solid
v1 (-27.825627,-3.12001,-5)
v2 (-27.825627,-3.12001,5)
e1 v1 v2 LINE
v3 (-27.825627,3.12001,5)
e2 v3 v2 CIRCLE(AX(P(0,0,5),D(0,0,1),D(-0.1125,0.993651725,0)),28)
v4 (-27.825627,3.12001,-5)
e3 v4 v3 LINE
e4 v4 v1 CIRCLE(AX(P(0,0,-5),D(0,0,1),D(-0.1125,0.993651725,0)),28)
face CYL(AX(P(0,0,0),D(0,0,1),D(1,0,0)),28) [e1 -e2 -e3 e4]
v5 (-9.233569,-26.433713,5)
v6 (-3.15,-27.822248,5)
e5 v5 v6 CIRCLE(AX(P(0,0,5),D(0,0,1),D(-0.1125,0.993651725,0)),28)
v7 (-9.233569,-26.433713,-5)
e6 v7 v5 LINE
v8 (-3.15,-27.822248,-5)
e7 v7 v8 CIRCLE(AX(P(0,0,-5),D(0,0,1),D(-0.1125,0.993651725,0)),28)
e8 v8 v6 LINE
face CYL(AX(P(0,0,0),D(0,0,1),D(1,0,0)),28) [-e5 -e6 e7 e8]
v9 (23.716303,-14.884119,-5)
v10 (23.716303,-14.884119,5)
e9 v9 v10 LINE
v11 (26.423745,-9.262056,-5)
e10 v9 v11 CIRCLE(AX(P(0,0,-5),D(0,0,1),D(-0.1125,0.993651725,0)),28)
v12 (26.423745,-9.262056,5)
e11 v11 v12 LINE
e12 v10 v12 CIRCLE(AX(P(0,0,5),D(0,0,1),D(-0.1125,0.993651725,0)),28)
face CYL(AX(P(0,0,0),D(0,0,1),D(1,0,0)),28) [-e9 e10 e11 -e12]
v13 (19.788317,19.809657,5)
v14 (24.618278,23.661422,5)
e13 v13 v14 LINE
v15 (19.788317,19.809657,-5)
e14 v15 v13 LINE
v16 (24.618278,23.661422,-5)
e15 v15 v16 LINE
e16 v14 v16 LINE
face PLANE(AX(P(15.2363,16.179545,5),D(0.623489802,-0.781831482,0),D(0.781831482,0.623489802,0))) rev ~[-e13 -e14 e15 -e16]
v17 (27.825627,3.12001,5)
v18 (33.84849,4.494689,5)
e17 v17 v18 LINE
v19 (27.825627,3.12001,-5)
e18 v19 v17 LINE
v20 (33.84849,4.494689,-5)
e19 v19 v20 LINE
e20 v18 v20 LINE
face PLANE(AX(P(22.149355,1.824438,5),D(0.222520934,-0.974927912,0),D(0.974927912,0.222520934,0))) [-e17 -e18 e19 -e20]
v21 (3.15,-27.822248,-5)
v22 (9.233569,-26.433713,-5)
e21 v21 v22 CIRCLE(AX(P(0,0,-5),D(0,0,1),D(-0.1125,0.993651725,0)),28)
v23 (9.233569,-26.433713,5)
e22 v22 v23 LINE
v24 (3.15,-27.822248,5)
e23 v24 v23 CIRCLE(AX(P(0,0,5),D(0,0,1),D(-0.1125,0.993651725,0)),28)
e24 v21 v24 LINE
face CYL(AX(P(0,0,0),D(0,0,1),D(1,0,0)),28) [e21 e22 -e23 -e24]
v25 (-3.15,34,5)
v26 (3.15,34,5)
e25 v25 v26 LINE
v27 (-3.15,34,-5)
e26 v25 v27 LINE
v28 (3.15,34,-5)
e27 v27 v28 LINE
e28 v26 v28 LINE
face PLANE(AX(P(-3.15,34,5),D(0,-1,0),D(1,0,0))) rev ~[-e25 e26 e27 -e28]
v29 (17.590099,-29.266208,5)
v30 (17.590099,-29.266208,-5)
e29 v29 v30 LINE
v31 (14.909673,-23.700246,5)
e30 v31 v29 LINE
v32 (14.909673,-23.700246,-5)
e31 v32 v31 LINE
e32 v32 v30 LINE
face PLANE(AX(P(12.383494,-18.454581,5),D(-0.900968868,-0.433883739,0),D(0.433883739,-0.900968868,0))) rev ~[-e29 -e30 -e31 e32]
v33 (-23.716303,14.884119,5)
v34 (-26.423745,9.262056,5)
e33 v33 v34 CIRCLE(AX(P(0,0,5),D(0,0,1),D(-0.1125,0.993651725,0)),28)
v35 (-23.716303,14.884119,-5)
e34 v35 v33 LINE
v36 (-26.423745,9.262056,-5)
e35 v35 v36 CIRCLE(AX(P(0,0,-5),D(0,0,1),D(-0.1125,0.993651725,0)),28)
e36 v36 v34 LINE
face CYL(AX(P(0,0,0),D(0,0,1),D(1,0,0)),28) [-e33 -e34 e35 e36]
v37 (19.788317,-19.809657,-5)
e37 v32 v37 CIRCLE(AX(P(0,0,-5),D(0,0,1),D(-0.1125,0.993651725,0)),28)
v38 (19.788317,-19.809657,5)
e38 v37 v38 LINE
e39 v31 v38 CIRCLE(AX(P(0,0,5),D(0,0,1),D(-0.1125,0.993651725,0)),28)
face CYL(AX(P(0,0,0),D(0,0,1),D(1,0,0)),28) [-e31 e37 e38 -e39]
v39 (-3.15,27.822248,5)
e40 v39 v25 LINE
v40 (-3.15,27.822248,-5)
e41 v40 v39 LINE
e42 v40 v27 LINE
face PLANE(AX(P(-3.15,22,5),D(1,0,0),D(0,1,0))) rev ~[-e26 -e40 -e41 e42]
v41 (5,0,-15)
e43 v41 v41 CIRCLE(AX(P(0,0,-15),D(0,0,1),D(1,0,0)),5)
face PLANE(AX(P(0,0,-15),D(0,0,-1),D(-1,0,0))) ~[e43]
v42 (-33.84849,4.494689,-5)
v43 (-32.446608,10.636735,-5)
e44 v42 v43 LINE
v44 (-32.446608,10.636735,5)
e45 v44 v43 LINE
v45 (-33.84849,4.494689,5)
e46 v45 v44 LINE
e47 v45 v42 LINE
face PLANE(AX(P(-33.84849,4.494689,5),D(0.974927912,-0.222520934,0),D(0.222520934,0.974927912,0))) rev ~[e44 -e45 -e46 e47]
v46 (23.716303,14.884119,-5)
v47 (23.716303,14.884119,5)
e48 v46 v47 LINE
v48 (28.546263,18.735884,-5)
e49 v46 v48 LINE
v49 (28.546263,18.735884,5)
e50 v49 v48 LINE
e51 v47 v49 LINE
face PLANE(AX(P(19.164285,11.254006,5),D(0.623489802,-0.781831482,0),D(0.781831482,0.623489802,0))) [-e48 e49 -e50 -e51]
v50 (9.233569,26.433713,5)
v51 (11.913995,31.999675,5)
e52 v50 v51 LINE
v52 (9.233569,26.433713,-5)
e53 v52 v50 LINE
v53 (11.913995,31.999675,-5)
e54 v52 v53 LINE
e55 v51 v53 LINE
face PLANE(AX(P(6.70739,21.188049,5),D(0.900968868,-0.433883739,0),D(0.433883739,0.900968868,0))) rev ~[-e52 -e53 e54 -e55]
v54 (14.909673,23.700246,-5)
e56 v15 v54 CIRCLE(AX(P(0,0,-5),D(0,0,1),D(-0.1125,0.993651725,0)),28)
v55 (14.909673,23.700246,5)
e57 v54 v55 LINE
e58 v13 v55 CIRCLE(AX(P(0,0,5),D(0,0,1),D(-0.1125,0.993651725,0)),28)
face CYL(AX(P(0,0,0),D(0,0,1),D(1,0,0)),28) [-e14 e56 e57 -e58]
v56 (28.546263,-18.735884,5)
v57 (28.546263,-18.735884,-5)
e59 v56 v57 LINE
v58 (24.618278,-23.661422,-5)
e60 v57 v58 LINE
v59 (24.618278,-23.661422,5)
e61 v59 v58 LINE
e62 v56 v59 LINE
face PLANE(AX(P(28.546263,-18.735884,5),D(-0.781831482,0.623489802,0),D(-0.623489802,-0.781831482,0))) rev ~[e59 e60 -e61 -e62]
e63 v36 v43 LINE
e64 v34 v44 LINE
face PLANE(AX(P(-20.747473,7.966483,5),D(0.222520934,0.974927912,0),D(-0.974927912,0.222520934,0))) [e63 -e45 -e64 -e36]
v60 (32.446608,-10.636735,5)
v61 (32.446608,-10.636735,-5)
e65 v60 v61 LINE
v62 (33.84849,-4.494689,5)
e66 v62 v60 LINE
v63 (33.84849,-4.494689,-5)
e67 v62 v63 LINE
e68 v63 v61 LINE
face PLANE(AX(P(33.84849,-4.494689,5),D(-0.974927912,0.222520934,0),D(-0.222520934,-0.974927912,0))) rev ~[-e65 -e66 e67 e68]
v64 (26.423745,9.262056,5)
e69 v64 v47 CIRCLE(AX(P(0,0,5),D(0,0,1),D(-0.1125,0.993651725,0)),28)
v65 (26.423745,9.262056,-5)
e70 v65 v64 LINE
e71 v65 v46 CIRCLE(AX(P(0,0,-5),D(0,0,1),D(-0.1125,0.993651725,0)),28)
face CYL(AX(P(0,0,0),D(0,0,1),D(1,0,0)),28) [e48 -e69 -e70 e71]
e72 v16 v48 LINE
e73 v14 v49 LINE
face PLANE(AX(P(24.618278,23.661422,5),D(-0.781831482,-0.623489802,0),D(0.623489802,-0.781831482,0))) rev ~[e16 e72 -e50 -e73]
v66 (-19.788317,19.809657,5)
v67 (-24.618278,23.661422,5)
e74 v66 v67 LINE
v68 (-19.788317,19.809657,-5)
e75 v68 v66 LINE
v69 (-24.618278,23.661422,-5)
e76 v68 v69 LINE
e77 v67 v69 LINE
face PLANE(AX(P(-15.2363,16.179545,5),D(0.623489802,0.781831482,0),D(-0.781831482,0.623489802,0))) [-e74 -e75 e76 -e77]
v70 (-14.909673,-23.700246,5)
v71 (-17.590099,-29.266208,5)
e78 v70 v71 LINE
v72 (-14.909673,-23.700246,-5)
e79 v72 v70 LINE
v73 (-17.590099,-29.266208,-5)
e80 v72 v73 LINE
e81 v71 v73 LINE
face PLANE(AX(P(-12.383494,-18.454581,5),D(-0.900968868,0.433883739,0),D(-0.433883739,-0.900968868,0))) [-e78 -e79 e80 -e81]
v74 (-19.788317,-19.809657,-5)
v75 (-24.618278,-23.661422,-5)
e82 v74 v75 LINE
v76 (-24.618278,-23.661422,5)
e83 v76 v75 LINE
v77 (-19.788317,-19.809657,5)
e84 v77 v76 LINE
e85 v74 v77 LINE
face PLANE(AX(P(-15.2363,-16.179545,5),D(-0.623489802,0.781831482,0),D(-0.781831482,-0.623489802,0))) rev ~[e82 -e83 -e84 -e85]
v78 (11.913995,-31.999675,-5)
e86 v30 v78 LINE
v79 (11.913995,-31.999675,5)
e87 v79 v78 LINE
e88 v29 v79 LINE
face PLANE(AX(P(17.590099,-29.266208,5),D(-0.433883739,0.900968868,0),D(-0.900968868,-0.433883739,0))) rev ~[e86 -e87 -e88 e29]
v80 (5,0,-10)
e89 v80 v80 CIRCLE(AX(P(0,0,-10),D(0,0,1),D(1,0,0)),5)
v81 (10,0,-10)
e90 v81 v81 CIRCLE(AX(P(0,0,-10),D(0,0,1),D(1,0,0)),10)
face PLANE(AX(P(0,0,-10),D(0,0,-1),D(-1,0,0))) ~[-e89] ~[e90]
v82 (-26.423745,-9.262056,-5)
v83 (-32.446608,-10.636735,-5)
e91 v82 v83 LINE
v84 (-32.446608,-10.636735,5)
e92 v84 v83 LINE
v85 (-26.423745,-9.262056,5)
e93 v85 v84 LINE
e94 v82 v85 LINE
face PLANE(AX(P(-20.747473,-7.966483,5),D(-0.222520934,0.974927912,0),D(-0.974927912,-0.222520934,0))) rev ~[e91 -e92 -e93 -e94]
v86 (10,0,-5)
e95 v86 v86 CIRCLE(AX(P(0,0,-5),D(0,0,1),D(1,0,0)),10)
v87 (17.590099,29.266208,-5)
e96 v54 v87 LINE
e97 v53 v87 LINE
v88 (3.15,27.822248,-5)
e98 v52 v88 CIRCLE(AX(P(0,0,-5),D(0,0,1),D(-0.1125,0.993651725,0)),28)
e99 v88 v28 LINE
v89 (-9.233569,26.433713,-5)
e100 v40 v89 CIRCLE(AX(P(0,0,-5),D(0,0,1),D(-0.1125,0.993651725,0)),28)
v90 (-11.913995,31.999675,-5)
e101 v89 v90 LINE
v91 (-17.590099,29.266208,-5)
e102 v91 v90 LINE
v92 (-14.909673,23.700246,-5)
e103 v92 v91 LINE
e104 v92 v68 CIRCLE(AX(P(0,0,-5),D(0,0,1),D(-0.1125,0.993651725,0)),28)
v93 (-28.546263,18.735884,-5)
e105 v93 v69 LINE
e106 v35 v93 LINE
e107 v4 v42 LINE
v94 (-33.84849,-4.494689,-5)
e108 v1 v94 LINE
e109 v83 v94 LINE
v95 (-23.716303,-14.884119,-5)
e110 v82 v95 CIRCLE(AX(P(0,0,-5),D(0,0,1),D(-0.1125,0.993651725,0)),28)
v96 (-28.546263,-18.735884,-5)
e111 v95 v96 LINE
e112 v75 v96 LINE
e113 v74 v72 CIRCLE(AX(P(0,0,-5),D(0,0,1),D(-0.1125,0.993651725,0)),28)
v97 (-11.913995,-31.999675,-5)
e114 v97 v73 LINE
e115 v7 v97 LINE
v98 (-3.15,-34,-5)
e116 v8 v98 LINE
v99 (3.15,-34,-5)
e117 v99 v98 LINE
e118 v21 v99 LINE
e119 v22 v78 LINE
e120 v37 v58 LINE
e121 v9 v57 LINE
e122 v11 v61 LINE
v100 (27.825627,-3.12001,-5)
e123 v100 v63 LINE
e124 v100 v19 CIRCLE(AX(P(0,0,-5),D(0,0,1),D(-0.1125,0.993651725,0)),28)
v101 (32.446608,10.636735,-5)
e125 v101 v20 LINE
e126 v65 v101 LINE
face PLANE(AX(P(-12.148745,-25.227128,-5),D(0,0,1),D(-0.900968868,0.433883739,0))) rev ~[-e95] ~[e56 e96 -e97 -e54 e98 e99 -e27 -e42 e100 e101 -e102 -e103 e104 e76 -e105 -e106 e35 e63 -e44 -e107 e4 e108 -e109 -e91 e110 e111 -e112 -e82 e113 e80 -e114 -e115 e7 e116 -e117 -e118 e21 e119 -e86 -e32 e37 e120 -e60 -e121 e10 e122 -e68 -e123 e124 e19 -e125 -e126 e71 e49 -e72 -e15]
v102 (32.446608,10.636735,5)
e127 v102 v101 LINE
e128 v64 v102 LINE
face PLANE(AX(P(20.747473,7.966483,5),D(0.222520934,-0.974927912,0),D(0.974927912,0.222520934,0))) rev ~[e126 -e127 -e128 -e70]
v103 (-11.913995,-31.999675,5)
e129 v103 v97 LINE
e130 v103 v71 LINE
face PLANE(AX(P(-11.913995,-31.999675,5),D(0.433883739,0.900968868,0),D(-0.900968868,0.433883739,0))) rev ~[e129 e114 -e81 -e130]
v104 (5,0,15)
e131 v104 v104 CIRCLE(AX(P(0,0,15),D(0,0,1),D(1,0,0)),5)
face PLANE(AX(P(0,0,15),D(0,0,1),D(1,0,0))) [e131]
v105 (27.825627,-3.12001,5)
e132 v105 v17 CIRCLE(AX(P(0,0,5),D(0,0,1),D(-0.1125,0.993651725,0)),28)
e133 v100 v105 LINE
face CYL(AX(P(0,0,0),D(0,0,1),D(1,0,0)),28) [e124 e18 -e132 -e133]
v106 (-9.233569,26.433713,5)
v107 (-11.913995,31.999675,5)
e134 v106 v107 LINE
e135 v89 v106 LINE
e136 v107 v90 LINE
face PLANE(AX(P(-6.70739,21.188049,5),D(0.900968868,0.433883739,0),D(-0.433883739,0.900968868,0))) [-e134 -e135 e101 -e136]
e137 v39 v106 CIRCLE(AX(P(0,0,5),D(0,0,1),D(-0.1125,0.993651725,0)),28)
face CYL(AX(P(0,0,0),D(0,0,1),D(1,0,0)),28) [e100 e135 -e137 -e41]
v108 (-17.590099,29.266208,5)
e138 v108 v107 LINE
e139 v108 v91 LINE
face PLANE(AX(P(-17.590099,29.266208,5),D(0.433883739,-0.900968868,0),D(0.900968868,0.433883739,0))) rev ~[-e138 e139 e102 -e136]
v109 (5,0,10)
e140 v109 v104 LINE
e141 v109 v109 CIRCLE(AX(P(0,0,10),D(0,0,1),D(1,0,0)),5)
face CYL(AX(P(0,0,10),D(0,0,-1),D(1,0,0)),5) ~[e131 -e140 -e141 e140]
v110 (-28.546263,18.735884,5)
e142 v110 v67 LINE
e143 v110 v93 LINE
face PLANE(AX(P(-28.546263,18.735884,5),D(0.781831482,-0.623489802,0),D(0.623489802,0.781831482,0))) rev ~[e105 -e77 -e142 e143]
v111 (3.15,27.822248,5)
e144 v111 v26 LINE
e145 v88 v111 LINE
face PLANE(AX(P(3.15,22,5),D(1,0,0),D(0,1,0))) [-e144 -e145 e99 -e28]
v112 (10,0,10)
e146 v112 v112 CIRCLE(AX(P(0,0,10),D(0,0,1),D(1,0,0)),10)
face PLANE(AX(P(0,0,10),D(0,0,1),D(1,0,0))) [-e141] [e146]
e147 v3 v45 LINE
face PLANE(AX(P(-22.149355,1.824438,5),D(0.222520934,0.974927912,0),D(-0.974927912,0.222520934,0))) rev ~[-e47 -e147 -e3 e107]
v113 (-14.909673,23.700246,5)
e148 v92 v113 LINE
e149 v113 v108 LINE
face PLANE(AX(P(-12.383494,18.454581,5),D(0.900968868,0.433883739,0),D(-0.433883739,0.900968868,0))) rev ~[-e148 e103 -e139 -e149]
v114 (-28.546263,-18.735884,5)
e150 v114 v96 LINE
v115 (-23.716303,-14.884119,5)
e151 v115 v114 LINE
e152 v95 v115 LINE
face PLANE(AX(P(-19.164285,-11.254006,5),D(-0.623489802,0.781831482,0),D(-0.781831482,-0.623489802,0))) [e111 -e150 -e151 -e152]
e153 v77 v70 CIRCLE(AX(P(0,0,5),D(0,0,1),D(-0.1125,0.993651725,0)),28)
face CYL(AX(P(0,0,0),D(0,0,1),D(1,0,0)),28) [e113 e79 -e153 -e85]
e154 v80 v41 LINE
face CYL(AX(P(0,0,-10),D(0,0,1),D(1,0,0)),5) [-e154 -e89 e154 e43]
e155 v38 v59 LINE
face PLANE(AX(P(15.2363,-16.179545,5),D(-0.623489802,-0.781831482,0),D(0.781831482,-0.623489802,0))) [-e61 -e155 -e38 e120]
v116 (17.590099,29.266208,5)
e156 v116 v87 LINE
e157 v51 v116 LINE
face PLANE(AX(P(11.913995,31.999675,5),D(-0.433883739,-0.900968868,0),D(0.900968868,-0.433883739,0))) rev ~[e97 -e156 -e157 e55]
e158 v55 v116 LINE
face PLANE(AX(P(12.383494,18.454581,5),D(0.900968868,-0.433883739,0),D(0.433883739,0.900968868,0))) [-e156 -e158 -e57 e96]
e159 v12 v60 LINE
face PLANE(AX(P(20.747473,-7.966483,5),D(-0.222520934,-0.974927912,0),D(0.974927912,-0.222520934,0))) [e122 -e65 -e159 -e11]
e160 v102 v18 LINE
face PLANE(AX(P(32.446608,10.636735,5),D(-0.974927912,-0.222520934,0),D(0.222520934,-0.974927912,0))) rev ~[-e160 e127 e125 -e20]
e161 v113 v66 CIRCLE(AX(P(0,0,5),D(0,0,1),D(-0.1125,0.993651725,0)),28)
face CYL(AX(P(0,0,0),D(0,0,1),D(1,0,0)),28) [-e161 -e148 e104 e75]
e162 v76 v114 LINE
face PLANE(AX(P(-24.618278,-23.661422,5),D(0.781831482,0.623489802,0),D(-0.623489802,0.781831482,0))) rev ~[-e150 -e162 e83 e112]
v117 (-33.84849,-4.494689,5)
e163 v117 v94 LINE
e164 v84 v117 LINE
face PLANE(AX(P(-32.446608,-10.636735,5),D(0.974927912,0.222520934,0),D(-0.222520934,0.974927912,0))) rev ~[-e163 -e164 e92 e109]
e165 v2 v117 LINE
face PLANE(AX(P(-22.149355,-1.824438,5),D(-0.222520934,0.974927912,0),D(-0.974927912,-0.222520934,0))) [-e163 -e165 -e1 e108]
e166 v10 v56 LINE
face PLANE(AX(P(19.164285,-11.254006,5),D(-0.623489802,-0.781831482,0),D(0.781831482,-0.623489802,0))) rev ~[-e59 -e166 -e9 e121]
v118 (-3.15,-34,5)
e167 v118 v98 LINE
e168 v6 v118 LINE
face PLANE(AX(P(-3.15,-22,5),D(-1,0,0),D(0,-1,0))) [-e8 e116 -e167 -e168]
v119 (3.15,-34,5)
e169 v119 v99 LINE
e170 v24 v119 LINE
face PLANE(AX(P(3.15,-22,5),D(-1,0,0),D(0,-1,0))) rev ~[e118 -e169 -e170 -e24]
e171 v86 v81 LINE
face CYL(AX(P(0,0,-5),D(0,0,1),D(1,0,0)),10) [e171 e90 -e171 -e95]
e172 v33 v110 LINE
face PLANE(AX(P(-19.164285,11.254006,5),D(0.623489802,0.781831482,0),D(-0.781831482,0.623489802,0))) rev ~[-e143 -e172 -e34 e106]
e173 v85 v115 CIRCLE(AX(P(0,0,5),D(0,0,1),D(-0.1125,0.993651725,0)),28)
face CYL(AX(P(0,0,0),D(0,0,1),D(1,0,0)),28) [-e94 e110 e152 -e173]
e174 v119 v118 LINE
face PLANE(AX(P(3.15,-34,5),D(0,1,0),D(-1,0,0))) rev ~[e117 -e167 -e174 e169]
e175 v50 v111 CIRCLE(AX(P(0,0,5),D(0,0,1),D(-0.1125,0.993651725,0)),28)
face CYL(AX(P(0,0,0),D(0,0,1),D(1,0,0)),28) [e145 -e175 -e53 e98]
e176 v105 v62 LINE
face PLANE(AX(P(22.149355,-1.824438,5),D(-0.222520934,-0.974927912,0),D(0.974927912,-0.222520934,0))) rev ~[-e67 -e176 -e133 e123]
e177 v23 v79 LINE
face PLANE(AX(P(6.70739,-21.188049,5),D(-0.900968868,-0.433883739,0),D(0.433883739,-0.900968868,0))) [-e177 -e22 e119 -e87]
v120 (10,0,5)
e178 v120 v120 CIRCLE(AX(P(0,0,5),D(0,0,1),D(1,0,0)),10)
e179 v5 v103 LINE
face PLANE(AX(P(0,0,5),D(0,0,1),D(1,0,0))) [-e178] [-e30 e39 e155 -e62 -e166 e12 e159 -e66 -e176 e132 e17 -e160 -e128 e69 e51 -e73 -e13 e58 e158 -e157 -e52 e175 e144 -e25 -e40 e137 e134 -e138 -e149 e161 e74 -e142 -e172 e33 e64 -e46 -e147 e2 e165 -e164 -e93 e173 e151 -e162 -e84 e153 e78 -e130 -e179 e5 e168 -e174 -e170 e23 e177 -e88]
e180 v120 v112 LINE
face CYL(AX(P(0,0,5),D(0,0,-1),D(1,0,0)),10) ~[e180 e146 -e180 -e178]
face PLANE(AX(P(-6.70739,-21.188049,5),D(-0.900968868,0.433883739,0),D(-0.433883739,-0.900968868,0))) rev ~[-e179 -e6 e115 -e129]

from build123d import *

# Parameters (mm, degrees)
SKETCH2_R           = 28
BOSS_EXTRUDE1_DEPTH = 5
SKETCH5_W           = 6.3
SKETCH5_H           = 12
BOSS_EXTRUDE2_DEPTH = 10
CIRPATTERN1_COUNT   = 14
SKETCH6_R           = 10
BOSS_EXTRUDE3_DEPTH = 5
SKETCH7_R           = 5
BOSS_EXTRUDE4_DEPTH = 5


with BuildPart() as part:
    # Sketch2 → Boss-Extrude1 (new, symmetric)
    with BuildSketch(Plane.XY):
        Circle(SKETCH2_R)
    extrude(amount=BOSS_EXTRUDE1_DEPTH, both=True)

    # Sketch5 → Boss-Extrude2 (add)
    with BuildSketch(Plane.XY.offset(5)):
        with Locations((0, 28)):
            Rectangle(SKETCH5_W, SKETCH5_H)
    boss_extrude2 = extrude(amount=-BOSS_EXTRUDE2_DEPTH)

    # CirPattern1: Boss-Extrude2 ×14 about axis
    cirpattern1_axis = Axis((0, 0, 0), (0, 0, 1))
    for i in range(1, CIRPATTERN1_COUNT):
        add(boss_extrude2.rotate(cirpattern1_axis, i * 360 / CIRPATTERN1_COUNT))

    # Sketch6 → Boss-Extrude3 (add)
    with BuildSketch(Plane.XY.offset(5)):
        Circle(SKETCH6_R)
    boss_extrude3 = extrude(amount=BOSS_EXTRUDE3_DEPTH)

    # Sketch7 → Boss-Extrude4 (add)
    with BuildSketch(Plane.XY.offset(10)):
        Circle(SKETCH7_R)
    boss_extrude4 = extrude(amount=BOSS_EXTRUDE4_DEPTH)

    # Mirror1: Boss-Extrude3, Boss-Extrude4 across plane
    add(boss_extrude3.mirror(Plane.XY))
    add(boss_extrude4.mirror(Plane.XY))


solid = part.part
